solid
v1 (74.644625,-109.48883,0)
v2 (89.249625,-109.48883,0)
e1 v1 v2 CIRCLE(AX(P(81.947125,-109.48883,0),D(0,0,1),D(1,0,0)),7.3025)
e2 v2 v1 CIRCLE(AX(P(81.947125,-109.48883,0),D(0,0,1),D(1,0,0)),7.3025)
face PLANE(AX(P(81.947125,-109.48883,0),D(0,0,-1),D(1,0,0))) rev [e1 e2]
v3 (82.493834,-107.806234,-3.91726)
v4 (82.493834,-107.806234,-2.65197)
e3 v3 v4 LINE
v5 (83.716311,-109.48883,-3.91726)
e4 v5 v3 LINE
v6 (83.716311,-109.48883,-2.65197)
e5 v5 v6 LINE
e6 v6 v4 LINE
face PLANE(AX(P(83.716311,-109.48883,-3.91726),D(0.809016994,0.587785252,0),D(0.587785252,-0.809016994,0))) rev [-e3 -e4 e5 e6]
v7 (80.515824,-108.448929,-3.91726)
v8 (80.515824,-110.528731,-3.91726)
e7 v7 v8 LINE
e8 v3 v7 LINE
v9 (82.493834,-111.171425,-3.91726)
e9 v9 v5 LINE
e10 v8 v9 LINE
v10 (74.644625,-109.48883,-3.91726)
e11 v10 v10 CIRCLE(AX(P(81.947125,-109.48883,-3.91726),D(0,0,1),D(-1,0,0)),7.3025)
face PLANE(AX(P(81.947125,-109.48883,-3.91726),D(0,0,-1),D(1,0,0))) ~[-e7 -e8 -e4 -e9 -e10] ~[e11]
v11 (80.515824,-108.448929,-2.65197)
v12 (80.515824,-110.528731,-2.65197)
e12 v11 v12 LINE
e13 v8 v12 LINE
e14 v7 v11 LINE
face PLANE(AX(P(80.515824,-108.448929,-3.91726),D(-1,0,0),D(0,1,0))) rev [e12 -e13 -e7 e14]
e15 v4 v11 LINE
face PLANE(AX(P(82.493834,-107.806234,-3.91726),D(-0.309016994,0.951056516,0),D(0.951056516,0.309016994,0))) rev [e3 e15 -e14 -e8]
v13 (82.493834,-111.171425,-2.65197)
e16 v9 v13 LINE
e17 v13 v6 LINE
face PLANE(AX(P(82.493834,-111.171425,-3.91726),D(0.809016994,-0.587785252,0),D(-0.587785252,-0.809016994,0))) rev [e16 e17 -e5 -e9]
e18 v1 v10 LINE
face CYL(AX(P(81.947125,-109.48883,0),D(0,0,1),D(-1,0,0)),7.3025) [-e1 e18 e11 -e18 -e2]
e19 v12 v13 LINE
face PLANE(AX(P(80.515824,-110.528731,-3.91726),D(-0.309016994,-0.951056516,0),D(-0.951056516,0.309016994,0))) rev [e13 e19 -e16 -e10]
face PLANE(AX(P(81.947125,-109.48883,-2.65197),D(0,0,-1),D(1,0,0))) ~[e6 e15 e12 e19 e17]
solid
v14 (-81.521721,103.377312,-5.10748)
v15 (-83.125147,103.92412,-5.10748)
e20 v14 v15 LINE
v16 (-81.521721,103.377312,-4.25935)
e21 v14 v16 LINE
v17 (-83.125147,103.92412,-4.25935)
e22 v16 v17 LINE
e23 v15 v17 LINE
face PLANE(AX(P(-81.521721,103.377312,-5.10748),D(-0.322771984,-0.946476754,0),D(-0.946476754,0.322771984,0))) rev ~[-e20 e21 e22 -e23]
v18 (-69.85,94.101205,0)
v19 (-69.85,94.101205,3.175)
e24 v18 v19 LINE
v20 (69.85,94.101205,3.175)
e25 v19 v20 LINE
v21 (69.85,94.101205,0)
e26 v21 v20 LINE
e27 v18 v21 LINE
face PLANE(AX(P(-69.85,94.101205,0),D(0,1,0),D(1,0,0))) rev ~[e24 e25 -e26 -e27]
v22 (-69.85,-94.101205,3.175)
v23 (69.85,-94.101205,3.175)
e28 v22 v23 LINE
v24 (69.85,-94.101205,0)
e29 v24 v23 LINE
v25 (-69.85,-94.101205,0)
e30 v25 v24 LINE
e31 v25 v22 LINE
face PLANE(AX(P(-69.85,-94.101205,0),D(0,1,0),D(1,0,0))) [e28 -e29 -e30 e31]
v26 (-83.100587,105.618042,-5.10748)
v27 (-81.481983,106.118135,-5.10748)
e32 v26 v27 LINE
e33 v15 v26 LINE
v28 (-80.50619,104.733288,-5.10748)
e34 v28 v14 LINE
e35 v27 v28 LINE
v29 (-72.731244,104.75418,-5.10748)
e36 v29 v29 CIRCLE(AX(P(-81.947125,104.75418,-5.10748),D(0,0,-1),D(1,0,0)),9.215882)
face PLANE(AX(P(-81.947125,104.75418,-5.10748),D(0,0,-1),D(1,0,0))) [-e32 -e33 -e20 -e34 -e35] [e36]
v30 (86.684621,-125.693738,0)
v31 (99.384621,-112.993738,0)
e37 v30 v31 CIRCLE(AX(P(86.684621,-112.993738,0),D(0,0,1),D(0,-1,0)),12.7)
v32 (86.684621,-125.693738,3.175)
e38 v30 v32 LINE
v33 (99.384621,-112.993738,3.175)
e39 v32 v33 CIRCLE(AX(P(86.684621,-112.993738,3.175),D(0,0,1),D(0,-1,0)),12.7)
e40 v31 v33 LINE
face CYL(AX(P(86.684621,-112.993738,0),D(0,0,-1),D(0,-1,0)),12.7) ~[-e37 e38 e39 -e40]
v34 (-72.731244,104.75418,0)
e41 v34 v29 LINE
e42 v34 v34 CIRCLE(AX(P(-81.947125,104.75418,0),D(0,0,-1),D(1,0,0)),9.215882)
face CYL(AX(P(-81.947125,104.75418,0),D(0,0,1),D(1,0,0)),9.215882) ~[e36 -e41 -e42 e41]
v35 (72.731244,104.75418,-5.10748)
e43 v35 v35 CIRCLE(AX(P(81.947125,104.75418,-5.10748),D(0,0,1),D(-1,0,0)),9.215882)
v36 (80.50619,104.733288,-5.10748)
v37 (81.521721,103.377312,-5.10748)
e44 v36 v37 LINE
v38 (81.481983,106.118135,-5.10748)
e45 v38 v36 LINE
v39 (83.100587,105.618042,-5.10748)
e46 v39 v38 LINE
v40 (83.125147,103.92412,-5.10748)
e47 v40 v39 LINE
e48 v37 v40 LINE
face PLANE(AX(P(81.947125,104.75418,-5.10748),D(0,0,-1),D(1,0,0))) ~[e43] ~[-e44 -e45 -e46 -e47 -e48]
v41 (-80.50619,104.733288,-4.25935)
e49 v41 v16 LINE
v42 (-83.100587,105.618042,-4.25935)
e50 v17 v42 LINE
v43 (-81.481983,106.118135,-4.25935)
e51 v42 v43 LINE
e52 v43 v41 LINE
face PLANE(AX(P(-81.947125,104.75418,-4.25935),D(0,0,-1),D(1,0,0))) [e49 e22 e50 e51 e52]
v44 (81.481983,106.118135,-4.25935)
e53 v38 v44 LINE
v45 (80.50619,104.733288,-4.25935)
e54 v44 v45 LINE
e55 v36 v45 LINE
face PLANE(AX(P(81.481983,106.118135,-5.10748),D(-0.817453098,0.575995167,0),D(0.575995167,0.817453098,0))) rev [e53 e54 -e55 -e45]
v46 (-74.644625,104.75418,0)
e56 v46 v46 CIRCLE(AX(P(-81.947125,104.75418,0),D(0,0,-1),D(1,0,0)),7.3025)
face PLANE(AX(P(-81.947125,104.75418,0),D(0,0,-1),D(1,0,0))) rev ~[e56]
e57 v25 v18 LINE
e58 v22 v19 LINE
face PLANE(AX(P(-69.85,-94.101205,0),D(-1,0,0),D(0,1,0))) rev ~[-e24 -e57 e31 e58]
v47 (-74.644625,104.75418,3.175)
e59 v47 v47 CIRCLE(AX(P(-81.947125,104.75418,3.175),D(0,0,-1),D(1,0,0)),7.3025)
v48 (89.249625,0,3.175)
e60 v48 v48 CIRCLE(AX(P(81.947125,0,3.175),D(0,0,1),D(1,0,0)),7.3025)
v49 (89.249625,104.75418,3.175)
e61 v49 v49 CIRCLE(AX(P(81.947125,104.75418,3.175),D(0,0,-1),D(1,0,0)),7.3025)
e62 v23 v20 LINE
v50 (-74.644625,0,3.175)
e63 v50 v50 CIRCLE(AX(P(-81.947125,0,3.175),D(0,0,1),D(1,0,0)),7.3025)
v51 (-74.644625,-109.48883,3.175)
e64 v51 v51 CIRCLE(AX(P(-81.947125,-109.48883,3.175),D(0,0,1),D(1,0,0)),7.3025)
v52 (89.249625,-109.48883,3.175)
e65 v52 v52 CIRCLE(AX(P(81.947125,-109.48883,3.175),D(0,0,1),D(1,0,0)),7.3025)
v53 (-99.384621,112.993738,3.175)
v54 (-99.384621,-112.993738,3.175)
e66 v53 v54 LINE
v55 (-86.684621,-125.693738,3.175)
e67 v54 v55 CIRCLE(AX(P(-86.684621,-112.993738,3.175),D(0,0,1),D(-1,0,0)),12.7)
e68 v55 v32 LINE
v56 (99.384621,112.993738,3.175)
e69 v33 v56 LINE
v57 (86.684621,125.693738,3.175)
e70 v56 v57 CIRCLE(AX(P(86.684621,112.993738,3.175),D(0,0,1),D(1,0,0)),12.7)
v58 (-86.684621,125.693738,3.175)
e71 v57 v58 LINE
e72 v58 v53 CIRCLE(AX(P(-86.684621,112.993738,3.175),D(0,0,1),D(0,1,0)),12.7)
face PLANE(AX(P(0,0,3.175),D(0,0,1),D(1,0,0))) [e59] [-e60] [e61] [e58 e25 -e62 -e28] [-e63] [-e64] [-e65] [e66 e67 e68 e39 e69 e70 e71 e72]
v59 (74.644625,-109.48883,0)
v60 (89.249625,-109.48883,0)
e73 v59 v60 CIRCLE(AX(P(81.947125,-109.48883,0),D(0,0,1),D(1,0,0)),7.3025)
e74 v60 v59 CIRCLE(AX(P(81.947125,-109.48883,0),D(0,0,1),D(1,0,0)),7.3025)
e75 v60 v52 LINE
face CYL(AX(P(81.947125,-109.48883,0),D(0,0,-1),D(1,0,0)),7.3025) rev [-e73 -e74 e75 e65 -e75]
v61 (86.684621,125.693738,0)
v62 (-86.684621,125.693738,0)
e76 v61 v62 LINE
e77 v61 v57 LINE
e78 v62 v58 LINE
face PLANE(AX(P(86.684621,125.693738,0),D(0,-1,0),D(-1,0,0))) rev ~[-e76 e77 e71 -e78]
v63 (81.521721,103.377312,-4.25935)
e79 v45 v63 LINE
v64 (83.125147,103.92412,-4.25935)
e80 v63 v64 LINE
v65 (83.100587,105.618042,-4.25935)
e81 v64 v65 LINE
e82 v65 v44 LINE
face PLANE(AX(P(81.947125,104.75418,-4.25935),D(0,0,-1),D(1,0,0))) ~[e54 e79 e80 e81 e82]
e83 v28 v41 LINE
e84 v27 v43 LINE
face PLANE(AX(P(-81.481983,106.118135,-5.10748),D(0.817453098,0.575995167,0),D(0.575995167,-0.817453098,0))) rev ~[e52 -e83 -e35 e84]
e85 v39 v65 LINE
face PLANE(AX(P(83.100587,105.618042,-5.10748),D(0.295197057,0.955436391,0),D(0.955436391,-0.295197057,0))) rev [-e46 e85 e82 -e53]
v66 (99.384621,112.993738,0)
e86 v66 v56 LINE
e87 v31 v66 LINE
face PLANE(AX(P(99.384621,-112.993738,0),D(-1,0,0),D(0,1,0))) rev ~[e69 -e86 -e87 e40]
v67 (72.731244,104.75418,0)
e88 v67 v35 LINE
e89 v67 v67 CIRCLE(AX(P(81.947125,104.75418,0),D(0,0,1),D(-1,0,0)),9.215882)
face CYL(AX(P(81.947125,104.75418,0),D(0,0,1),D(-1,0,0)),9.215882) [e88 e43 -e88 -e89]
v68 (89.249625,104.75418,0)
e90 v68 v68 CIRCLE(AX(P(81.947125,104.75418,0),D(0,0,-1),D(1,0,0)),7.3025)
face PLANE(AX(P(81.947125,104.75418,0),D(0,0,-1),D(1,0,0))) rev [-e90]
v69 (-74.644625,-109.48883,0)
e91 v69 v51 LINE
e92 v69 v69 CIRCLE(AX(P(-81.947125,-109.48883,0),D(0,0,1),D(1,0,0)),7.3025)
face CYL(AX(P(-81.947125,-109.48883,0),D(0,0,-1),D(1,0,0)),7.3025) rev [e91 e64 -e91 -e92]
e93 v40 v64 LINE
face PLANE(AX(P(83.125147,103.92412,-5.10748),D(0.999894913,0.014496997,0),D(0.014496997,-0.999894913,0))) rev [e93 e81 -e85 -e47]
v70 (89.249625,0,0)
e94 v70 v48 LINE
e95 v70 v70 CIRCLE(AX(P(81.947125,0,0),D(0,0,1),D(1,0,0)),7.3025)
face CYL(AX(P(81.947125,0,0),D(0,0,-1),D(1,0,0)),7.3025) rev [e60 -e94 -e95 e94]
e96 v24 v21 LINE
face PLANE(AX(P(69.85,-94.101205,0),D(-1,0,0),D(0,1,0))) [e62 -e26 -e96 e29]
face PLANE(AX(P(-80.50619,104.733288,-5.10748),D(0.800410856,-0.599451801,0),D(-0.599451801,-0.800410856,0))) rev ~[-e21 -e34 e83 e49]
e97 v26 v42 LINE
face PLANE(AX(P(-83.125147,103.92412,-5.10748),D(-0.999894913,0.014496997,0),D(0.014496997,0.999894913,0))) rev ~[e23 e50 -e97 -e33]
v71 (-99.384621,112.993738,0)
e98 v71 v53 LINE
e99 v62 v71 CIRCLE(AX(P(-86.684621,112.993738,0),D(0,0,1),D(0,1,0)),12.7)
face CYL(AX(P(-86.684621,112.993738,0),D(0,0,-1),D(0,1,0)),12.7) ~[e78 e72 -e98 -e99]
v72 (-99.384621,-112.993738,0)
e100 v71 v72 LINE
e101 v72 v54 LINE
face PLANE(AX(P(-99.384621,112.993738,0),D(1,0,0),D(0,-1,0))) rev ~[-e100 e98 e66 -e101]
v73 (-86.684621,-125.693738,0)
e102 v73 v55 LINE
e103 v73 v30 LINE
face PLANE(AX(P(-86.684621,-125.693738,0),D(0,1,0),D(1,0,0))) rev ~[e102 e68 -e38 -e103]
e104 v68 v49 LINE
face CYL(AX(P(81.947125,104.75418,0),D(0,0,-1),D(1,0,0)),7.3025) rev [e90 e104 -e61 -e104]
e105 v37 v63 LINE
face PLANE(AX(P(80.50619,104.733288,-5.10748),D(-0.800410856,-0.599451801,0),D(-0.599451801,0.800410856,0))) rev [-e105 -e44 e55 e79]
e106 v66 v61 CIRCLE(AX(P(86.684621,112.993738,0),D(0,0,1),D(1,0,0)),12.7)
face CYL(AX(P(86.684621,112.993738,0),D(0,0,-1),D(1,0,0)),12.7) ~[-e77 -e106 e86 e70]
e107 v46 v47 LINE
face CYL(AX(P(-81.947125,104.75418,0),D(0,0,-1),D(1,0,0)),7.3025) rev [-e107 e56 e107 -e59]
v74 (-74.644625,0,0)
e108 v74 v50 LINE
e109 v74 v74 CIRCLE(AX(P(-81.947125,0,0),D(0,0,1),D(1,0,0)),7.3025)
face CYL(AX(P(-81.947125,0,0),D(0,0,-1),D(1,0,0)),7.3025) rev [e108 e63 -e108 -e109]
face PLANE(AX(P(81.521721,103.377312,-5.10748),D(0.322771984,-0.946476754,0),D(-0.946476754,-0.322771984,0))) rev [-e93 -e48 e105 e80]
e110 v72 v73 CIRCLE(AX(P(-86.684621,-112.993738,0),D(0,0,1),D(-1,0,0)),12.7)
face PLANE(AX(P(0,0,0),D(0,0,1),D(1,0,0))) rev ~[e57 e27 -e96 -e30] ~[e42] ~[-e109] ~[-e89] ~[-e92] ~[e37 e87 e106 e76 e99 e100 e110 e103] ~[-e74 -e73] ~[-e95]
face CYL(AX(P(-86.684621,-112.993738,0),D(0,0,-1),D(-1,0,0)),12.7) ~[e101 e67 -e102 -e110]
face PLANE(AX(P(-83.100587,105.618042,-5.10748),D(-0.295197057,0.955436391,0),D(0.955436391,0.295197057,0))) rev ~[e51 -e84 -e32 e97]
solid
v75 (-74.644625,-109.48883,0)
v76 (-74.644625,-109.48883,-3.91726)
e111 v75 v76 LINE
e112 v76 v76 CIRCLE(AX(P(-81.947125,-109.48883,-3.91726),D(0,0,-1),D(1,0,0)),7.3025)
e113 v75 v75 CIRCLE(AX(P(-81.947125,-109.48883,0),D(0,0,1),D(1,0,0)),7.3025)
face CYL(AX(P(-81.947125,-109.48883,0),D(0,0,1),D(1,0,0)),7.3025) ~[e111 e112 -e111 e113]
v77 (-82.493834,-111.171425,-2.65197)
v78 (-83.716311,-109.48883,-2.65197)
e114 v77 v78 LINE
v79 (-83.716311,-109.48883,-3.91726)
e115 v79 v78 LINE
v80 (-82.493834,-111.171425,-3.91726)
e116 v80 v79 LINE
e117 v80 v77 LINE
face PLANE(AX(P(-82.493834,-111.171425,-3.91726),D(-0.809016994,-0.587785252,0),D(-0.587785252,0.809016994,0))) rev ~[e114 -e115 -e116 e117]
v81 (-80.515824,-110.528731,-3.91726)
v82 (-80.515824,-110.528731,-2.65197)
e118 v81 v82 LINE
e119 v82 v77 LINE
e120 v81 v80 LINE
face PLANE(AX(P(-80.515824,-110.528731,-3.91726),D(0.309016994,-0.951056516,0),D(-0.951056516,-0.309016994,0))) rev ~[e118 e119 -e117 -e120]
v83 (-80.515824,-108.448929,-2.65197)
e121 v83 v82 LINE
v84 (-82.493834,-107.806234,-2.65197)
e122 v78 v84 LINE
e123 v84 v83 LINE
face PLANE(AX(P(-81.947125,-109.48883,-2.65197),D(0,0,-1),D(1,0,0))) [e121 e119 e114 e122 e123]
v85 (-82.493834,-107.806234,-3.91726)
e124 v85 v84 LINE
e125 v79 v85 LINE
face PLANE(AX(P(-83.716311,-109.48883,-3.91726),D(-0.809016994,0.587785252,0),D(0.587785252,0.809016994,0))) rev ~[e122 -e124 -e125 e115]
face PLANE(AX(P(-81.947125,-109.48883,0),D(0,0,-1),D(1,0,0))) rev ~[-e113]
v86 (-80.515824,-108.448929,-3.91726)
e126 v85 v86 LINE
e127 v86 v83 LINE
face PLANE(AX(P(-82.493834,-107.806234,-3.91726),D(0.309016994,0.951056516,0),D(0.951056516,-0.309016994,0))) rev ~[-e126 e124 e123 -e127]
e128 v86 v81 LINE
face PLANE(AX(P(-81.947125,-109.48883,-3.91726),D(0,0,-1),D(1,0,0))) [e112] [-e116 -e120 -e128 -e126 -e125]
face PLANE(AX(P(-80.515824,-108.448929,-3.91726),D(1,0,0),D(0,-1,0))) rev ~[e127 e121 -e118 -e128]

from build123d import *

# Parameters (mm, degrees)
F0_R     = 7.3025
F0_W     = 139.7
F0_H     = 188.2024109364
F1_DEPTH = 3.175
F2_R     = 7.3025
F3_DEPTH = 3.91726
F5_DEPTH = 1.26529
F6_R     = 9.2158818602
F7_DEPTH = 5.10748
F9_DEPTH = 0.84813


with BuildPart() as f1:
    # F0 (on Top) → F1 (new body)
    with BuildSketch(Plane.XY):
        with BuildLine():
            ThreePointArc((-99.3846207857, -112.9937384605), (-95.6648769068, -121.9739945816), (-86.6846207857, -125.6937384605))
            Line((-86.6846207857, -125.6937384605), (86.6846207857, -125.6937384605))
            ThreePointArc((86.6846207857, -125.6937384605), (95.6648769068, -121.9739945816), (99.3846207857, -112.9937384605))
            Line((99.3846207857, -112.9937384605), (99.3846207857, 112.9937384605))
            ThreePointArc((99.3846207857, 112.9937384605), (95.6648769068, 121.9739945816), (86.6846207857, 125.6937384605))
            Line((86.6846207857, 125.6937384605), (-86.6846207857, 125.6937384605))
            ThreePointArc((-86.6846207857, 125.6937384605), (-95.6648769068, 121.9739945816), (-99.3846207857, 112.9937384605))
            Line((-99.3846207857, 112.9937384605), (-99.3846207857, -112.9937384605))
        make_face()
        with Locations((-81.9471254945, -109.4888299704)):
            Circle(F0_R, mode=Mode.SUBTRACT)
        with Locations((81.9471254945, -109.4888299704)):
            Circle(F0_R, mode=Mode.SUBTRACT)
        with Locations((-81.9471254945, 0)):
            Circle(F0_R, mode=Mode.SUBTRACT)
        with Locations((-81.9471254945, 104.7541797161)):
            Circle(F0_R, mode=Mode.SUBTRACT)
        Rectangle(F0_W, F0_H, mode=Mode.SUBTRACT)
        with Locations((81.9471254945, 0)):
            Circle(F0_R, mode=Mode.SUBTRACT)
        with Locations((81.9471254945, 104.7541797161)):
            Circle(F0_R, mode=Mode.SUBTRACT)
    extrude(amount=F1_DEPTH)

    # F6 (on face) → F7 (join)
    with BuildSketch(Plane(origin=(0, 0, 0), x_dir=(1, 0, 0), z_dir=(0, 0, -1))):
        with Locations((-81.9471254945, -104.7541797161)):
            Circle(F6_R)
    extrude(amount=F7_DEPTH)

    # F8 (on face) → F9 (cut)
    with BuildSketch(Plane(origin=(0, 0, -5.10748), x_dir=(1, 0, 0), z_dir=(0, 0, -1))):
        Polygon((-80.5061895981, -104.7332882773), (-81.5217207537, -103.3773124326), (-83.1251468021, -103.9241203757), (-83.1005874429, -105.6180421146), (-81.4819828757, -106.1181353803), align=None)
    extrude(amount=-F9_DEPTH, mode=Mode.SUBTRACT)



with BuildPart() as f3:
    # F2 (on face) → F3 (new body)
    with BuildSketch(Plane(origin=(0, 0, 0), x_dir=(1, 0, 0), z_dir=(0, 0, -1))):
        with Locations((-81.9471254945, 109.4888299704)):
            Circle(F2_R)
    extrude(amount=F3_DEPTH)

    # F4 (on face) → F5 (cut)
    with BuildSketch(Plane(origin=(0, 0, -3.91726), x_dir=(1, 0, 0), z_dir=(0, 0, -1))):
        Polygon((-80.5158242583, 108.4489287519), (-80.5158242583, 110.5287311888), (-82.4938339186, 111.1714254868), (-83.7163111186, 109.4888299704), (-82.4938339186, 107.806234454), align=None)
    extrude(amount=-F5_DEPTH, mode=Mode.SUBTRACT)


with BuildPart() as f1_1:
    add(f1.part)

    add(f3.part)  # F10 merges F3
    # F10: F3, F1 across plane
    add(f3.part.mirror(Plane.YZ))
    add(f1.part.mirror(Plane.YZ))


solid = f1_1.part
